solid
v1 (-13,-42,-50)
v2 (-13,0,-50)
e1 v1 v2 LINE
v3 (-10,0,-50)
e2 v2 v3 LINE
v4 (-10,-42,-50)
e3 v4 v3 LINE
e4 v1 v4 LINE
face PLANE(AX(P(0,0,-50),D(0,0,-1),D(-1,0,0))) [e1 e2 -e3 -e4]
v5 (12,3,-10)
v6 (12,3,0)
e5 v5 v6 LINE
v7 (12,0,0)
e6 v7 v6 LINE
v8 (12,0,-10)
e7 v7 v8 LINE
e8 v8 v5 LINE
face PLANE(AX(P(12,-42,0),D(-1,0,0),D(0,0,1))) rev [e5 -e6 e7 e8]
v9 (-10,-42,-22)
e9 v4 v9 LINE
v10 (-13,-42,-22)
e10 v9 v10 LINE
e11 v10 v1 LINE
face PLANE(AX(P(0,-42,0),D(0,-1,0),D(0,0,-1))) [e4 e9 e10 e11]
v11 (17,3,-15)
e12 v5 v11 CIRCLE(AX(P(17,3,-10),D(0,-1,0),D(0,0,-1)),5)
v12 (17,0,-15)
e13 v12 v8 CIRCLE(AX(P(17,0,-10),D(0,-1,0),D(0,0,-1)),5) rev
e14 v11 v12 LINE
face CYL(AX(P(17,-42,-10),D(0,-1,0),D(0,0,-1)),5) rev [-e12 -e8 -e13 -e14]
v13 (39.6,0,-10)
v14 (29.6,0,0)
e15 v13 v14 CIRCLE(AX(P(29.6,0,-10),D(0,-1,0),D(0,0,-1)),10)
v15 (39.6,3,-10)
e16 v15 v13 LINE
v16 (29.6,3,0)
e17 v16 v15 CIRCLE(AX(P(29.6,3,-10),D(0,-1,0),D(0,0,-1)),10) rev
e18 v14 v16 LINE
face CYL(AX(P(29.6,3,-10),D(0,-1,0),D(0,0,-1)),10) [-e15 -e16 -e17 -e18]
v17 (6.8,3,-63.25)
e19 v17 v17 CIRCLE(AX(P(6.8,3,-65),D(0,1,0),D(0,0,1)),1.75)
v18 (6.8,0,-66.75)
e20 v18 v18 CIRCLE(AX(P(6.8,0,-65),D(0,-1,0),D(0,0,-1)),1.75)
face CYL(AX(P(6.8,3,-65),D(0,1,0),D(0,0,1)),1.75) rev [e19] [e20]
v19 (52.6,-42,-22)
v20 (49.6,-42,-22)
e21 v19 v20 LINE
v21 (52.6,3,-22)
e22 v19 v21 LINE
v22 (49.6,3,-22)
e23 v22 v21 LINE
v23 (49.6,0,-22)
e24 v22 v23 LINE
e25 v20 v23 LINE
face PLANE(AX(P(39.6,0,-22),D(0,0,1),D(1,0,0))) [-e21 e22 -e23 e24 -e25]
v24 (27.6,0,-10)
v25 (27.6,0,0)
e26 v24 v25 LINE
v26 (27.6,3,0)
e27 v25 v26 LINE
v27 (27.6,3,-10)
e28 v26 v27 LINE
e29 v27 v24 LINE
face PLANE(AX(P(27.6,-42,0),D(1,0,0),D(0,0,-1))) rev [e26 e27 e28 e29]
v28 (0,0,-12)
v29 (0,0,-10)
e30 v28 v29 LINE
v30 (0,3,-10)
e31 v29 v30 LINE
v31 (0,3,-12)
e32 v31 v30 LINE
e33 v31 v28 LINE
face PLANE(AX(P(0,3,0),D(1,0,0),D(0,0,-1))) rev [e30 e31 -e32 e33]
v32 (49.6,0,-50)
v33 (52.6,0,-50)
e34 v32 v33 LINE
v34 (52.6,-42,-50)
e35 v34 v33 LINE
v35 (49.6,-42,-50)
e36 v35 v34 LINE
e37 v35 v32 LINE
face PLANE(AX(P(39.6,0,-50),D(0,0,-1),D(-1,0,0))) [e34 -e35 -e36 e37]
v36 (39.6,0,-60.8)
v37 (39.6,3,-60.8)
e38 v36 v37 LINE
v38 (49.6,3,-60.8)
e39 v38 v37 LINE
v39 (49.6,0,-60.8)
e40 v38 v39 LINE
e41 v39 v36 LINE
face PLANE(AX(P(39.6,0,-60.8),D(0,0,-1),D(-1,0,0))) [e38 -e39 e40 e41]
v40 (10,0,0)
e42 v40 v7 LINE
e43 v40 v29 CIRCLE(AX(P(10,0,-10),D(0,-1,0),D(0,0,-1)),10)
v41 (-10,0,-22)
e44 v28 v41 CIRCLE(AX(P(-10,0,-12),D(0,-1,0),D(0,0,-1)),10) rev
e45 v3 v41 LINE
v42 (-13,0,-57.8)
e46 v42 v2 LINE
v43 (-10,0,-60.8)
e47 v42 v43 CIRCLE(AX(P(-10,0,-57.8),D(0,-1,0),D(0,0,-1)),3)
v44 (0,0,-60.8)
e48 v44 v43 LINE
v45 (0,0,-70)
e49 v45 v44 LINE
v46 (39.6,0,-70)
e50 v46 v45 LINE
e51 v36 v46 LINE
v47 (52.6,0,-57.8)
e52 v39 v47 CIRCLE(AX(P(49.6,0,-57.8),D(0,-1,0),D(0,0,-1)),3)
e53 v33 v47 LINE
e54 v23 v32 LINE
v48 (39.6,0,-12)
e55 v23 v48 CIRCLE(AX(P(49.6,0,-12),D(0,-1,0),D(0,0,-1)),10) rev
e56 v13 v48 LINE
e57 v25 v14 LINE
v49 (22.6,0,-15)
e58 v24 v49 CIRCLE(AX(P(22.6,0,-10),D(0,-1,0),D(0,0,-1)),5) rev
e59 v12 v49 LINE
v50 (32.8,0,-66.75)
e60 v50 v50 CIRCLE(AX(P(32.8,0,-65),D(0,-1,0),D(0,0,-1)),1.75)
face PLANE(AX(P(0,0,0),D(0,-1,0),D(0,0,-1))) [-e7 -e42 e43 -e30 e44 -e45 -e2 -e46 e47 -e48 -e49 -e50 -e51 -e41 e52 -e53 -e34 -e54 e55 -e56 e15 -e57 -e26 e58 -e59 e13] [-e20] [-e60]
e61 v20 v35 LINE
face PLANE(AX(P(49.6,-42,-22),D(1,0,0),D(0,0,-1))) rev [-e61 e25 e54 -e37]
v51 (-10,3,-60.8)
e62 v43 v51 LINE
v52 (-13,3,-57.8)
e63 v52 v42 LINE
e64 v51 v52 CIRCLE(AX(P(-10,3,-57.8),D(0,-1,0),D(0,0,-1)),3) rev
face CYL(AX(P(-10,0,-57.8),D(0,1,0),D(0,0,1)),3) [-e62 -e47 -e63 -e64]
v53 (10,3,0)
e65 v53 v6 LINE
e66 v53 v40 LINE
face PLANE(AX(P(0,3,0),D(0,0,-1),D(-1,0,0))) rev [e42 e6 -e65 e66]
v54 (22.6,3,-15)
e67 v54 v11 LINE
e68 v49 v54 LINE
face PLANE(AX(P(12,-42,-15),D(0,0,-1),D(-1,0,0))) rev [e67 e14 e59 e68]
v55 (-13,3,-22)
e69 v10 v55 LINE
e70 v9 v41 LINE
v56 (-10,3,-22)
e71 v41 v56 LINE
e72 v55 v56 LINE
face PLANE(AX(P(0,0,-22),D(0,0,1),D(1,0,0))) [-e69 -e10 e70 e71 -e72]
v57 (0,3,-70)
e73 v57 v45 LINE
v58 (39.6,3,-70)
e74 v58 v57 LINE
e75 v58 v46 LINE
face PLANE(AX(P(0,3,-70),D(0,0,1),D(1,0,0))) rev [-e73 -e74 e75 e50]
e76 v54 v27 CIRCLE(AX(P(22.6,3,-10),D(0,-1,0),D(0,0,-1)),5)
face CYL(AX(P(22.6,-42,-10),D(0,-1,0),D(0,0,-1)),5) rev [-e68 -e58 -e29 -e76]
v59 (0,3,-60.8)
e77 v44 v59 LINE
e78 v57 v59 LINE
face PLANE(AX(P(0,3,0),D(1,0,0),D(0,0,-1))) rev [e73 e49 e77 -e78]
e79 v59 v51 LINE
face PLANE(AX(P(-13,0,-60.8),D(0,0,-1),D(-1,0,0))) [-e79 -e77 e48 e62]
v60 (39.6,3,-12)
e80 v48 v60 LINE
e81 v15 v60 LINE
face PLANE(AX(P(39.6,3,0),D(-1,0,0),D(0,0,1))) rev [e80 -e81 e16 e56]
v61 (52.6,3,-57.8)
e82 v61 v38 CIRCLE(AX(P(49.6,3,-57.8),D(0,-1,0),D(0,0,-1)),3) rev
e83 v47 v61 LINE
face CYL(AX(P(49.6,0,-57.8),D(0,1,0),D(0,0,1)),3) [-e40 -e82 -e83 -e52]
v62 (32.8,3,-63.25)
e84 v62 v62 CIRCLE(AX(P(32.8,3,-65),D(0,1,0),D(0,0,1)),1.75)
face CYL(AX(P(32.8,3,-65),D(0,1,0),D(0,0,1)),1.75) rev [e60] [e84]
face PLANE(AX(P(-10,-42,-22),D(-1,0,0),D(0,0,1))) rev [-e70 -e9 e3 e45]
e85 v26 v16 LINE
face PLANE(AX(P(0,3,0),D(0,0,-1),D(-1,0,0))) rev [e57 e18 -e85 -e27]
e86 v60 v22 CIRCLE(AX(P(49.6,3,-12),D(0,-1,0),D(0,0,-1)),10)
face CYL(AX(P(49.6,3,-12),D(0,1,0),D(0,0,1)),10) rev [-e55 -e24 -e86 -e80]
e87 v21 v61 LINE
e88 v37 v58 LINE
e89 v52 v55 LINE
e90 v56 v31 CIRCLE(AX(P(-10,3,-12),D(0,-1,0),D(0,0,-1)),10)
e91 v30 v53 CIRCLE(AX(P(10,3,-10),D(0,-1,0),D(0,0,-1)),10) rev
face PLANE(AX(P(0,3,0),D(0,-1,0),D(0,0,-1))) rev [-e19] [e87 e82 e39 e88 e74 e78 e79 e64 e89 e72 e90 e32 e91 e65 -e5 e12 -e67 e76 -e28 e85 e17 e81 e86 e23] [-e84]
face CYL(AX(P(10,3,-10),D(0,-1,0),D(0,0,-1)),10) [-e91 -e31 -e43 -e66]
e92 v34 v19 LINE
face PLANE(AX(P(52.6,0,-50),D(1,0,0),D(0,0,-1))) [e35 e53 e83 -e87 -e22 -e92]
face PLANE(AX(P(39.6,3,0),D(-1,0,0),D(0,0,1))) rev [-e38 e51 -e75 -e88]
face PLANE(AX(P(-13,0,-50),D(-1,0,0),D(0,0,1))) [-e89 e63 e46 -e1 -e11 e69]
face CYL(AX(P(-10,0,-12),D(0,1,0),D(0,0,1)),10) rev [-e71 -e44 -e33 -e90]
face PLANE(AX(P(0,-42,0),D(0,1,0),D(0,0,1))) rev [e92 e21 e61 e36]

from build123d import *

# Parameters (mm, degrees)
SKETCH_1_W          = 39.6
SKETCH_1_H          = 70
EXTRUDE_1_DEPTH     = 3
HOLE_WIZARD_1_D     = 3.5
SKETCH_5_W          = 13
SKETCH_5_H          = 28
EXTRUDE_2_DEPTH     = 3
SKETCH_6_W          = 3
SKETCH_6_H          = 28
EXTRUDE_3_DEPTH     = 42
FILLET_1_R          = 10
FILLET_2_R          = 10
SKETCH_7_W          = 13
SKETCH_7_H          = 10.8
EXTRUDE_4_DEPTH     = 3
FILLET_4_R          = 3
SKETCH_8_W          = 15.6
SKETCH_8_H          = 15
CUT_EXTRUDE_1_DEPTH = 99.446736868
FILLET_5_R          = 5


with BuildPart() as part:
    # 草图1 → 凸台-拉伸1 (new body)
    with BuildSketch(Plane(origin=(0, 0, 0), x_dir=(1, 0, 0), z_dir=(0, 1, 0))):
        with Locations((19.8, 35)):
            Rectangle(SKETCH_1_W, SKETCH_1_H)
    extrude(amount=EXTRUDE_1_DEPTH)

    # 孔1 (through all)
    with Locations(Plane(origin=(0, 3, 0), x_dir=(1, 0, 0), z_dir=(0, 1, 0))):
        with Locations((6.8, 65), (32.8, 65)):
            Hole(HOLE_WIZARD_1_D / 2)

    # 草图5 → 凸台-拉伸2 (add)
    with BuildSketch(Plane(origin=(0, 3, 0), x_dir=(1, 0, 0), z_dir=(0, 1, 0))):
        with Locations((46.1, 36)):
            Rectangle(SKETCH_5_W, SKETCH_5_H)
        with Locations((-6.5, 36)):
            Rectangle(SKETCH_5_W, SKETCH_5_H)
    extrude(amount=-EXTRUDE_2_DEPTH)

    # 草图6 → 凸台-拉伸3 (add)
    with BuildSketch(Plane.XZ):
        with Locations((-11.5, -36)):
            Rectangle(SKETCH_6_W, SKETCH_6_H)
        with Locations((51.1, -36)):
            Rectangle(SKETCH_6_W, SKETCH_6_H)
    extrude(amount=EXTRUDE_3_DEPTH)

    # 圆角1
    fillet_1_edges = [part.edges().sort_by_distance(p)[0] for p in [
        (39.6, 1.5, -22),
        (0, 1.5, -22),
    ]]
    fillet(fillet_1_edges, radius=FILLET_1_R)

    # 圆角2
    fillet_2_edges = [part.edges().sort_by_distance(p)[0] for p in [
        (39.6, 1.5, 0),
        (0, 1.5, 0),
    ]]
    fillet(fillet_2_edges, radius=FILLET_2_R)

    # 草图7 → 凸台-拉伸4 (add)
    with BuildSketch(Plane(origin=(0, 3, 0), x_dir=(1, 0, 0), z_dir=(0, 1, 0))):
        with Locations((46.1, 55.4)):
            Rectangle(SKETCH_7_W, SKETCH_7_H)
        with Locations((-6.5, 55.4)):
            Rectangle(SKETCH_7_W, SKETCH_7_H)
    extrude(amount=-EXTRUDE_4_DEPTH)

    # 圆角4
    fillet_4_edges = [part.edges().sort_by_distance(p)[0] for p in [
        (52.6, 1.5, -60.8),
        (-13, 1.5, -60.8),
    ]]
    fillet(fillet_4_edges, radius=FILLET_4_R)

    # 草图8 → 切除-拉伸1 (cut, through all)
    with BuildSketch(Plane(origin=(0, 3, 0), x_dir=(1, 0, 0), z_dir=(0, 1, 0))):
        with Locations((19.8, 7.5)):
            Rectangle(SKETCH_8_W, SKETCH_8_H)
    extrude(amount=-CUT_EXTRUDE_1_DEPTH, mode=Mode.SUBTRACT)

    # 圆角5
    fillet_5_edges = [part.edges().sort_by_distance(p)[0] for p in [
        (12, 1.5, -15),
        (27.6, 1.5, -15),
    ]]
    fillet(fillet_5_edges, radius=FILLET_5_R)


solid = part.part
